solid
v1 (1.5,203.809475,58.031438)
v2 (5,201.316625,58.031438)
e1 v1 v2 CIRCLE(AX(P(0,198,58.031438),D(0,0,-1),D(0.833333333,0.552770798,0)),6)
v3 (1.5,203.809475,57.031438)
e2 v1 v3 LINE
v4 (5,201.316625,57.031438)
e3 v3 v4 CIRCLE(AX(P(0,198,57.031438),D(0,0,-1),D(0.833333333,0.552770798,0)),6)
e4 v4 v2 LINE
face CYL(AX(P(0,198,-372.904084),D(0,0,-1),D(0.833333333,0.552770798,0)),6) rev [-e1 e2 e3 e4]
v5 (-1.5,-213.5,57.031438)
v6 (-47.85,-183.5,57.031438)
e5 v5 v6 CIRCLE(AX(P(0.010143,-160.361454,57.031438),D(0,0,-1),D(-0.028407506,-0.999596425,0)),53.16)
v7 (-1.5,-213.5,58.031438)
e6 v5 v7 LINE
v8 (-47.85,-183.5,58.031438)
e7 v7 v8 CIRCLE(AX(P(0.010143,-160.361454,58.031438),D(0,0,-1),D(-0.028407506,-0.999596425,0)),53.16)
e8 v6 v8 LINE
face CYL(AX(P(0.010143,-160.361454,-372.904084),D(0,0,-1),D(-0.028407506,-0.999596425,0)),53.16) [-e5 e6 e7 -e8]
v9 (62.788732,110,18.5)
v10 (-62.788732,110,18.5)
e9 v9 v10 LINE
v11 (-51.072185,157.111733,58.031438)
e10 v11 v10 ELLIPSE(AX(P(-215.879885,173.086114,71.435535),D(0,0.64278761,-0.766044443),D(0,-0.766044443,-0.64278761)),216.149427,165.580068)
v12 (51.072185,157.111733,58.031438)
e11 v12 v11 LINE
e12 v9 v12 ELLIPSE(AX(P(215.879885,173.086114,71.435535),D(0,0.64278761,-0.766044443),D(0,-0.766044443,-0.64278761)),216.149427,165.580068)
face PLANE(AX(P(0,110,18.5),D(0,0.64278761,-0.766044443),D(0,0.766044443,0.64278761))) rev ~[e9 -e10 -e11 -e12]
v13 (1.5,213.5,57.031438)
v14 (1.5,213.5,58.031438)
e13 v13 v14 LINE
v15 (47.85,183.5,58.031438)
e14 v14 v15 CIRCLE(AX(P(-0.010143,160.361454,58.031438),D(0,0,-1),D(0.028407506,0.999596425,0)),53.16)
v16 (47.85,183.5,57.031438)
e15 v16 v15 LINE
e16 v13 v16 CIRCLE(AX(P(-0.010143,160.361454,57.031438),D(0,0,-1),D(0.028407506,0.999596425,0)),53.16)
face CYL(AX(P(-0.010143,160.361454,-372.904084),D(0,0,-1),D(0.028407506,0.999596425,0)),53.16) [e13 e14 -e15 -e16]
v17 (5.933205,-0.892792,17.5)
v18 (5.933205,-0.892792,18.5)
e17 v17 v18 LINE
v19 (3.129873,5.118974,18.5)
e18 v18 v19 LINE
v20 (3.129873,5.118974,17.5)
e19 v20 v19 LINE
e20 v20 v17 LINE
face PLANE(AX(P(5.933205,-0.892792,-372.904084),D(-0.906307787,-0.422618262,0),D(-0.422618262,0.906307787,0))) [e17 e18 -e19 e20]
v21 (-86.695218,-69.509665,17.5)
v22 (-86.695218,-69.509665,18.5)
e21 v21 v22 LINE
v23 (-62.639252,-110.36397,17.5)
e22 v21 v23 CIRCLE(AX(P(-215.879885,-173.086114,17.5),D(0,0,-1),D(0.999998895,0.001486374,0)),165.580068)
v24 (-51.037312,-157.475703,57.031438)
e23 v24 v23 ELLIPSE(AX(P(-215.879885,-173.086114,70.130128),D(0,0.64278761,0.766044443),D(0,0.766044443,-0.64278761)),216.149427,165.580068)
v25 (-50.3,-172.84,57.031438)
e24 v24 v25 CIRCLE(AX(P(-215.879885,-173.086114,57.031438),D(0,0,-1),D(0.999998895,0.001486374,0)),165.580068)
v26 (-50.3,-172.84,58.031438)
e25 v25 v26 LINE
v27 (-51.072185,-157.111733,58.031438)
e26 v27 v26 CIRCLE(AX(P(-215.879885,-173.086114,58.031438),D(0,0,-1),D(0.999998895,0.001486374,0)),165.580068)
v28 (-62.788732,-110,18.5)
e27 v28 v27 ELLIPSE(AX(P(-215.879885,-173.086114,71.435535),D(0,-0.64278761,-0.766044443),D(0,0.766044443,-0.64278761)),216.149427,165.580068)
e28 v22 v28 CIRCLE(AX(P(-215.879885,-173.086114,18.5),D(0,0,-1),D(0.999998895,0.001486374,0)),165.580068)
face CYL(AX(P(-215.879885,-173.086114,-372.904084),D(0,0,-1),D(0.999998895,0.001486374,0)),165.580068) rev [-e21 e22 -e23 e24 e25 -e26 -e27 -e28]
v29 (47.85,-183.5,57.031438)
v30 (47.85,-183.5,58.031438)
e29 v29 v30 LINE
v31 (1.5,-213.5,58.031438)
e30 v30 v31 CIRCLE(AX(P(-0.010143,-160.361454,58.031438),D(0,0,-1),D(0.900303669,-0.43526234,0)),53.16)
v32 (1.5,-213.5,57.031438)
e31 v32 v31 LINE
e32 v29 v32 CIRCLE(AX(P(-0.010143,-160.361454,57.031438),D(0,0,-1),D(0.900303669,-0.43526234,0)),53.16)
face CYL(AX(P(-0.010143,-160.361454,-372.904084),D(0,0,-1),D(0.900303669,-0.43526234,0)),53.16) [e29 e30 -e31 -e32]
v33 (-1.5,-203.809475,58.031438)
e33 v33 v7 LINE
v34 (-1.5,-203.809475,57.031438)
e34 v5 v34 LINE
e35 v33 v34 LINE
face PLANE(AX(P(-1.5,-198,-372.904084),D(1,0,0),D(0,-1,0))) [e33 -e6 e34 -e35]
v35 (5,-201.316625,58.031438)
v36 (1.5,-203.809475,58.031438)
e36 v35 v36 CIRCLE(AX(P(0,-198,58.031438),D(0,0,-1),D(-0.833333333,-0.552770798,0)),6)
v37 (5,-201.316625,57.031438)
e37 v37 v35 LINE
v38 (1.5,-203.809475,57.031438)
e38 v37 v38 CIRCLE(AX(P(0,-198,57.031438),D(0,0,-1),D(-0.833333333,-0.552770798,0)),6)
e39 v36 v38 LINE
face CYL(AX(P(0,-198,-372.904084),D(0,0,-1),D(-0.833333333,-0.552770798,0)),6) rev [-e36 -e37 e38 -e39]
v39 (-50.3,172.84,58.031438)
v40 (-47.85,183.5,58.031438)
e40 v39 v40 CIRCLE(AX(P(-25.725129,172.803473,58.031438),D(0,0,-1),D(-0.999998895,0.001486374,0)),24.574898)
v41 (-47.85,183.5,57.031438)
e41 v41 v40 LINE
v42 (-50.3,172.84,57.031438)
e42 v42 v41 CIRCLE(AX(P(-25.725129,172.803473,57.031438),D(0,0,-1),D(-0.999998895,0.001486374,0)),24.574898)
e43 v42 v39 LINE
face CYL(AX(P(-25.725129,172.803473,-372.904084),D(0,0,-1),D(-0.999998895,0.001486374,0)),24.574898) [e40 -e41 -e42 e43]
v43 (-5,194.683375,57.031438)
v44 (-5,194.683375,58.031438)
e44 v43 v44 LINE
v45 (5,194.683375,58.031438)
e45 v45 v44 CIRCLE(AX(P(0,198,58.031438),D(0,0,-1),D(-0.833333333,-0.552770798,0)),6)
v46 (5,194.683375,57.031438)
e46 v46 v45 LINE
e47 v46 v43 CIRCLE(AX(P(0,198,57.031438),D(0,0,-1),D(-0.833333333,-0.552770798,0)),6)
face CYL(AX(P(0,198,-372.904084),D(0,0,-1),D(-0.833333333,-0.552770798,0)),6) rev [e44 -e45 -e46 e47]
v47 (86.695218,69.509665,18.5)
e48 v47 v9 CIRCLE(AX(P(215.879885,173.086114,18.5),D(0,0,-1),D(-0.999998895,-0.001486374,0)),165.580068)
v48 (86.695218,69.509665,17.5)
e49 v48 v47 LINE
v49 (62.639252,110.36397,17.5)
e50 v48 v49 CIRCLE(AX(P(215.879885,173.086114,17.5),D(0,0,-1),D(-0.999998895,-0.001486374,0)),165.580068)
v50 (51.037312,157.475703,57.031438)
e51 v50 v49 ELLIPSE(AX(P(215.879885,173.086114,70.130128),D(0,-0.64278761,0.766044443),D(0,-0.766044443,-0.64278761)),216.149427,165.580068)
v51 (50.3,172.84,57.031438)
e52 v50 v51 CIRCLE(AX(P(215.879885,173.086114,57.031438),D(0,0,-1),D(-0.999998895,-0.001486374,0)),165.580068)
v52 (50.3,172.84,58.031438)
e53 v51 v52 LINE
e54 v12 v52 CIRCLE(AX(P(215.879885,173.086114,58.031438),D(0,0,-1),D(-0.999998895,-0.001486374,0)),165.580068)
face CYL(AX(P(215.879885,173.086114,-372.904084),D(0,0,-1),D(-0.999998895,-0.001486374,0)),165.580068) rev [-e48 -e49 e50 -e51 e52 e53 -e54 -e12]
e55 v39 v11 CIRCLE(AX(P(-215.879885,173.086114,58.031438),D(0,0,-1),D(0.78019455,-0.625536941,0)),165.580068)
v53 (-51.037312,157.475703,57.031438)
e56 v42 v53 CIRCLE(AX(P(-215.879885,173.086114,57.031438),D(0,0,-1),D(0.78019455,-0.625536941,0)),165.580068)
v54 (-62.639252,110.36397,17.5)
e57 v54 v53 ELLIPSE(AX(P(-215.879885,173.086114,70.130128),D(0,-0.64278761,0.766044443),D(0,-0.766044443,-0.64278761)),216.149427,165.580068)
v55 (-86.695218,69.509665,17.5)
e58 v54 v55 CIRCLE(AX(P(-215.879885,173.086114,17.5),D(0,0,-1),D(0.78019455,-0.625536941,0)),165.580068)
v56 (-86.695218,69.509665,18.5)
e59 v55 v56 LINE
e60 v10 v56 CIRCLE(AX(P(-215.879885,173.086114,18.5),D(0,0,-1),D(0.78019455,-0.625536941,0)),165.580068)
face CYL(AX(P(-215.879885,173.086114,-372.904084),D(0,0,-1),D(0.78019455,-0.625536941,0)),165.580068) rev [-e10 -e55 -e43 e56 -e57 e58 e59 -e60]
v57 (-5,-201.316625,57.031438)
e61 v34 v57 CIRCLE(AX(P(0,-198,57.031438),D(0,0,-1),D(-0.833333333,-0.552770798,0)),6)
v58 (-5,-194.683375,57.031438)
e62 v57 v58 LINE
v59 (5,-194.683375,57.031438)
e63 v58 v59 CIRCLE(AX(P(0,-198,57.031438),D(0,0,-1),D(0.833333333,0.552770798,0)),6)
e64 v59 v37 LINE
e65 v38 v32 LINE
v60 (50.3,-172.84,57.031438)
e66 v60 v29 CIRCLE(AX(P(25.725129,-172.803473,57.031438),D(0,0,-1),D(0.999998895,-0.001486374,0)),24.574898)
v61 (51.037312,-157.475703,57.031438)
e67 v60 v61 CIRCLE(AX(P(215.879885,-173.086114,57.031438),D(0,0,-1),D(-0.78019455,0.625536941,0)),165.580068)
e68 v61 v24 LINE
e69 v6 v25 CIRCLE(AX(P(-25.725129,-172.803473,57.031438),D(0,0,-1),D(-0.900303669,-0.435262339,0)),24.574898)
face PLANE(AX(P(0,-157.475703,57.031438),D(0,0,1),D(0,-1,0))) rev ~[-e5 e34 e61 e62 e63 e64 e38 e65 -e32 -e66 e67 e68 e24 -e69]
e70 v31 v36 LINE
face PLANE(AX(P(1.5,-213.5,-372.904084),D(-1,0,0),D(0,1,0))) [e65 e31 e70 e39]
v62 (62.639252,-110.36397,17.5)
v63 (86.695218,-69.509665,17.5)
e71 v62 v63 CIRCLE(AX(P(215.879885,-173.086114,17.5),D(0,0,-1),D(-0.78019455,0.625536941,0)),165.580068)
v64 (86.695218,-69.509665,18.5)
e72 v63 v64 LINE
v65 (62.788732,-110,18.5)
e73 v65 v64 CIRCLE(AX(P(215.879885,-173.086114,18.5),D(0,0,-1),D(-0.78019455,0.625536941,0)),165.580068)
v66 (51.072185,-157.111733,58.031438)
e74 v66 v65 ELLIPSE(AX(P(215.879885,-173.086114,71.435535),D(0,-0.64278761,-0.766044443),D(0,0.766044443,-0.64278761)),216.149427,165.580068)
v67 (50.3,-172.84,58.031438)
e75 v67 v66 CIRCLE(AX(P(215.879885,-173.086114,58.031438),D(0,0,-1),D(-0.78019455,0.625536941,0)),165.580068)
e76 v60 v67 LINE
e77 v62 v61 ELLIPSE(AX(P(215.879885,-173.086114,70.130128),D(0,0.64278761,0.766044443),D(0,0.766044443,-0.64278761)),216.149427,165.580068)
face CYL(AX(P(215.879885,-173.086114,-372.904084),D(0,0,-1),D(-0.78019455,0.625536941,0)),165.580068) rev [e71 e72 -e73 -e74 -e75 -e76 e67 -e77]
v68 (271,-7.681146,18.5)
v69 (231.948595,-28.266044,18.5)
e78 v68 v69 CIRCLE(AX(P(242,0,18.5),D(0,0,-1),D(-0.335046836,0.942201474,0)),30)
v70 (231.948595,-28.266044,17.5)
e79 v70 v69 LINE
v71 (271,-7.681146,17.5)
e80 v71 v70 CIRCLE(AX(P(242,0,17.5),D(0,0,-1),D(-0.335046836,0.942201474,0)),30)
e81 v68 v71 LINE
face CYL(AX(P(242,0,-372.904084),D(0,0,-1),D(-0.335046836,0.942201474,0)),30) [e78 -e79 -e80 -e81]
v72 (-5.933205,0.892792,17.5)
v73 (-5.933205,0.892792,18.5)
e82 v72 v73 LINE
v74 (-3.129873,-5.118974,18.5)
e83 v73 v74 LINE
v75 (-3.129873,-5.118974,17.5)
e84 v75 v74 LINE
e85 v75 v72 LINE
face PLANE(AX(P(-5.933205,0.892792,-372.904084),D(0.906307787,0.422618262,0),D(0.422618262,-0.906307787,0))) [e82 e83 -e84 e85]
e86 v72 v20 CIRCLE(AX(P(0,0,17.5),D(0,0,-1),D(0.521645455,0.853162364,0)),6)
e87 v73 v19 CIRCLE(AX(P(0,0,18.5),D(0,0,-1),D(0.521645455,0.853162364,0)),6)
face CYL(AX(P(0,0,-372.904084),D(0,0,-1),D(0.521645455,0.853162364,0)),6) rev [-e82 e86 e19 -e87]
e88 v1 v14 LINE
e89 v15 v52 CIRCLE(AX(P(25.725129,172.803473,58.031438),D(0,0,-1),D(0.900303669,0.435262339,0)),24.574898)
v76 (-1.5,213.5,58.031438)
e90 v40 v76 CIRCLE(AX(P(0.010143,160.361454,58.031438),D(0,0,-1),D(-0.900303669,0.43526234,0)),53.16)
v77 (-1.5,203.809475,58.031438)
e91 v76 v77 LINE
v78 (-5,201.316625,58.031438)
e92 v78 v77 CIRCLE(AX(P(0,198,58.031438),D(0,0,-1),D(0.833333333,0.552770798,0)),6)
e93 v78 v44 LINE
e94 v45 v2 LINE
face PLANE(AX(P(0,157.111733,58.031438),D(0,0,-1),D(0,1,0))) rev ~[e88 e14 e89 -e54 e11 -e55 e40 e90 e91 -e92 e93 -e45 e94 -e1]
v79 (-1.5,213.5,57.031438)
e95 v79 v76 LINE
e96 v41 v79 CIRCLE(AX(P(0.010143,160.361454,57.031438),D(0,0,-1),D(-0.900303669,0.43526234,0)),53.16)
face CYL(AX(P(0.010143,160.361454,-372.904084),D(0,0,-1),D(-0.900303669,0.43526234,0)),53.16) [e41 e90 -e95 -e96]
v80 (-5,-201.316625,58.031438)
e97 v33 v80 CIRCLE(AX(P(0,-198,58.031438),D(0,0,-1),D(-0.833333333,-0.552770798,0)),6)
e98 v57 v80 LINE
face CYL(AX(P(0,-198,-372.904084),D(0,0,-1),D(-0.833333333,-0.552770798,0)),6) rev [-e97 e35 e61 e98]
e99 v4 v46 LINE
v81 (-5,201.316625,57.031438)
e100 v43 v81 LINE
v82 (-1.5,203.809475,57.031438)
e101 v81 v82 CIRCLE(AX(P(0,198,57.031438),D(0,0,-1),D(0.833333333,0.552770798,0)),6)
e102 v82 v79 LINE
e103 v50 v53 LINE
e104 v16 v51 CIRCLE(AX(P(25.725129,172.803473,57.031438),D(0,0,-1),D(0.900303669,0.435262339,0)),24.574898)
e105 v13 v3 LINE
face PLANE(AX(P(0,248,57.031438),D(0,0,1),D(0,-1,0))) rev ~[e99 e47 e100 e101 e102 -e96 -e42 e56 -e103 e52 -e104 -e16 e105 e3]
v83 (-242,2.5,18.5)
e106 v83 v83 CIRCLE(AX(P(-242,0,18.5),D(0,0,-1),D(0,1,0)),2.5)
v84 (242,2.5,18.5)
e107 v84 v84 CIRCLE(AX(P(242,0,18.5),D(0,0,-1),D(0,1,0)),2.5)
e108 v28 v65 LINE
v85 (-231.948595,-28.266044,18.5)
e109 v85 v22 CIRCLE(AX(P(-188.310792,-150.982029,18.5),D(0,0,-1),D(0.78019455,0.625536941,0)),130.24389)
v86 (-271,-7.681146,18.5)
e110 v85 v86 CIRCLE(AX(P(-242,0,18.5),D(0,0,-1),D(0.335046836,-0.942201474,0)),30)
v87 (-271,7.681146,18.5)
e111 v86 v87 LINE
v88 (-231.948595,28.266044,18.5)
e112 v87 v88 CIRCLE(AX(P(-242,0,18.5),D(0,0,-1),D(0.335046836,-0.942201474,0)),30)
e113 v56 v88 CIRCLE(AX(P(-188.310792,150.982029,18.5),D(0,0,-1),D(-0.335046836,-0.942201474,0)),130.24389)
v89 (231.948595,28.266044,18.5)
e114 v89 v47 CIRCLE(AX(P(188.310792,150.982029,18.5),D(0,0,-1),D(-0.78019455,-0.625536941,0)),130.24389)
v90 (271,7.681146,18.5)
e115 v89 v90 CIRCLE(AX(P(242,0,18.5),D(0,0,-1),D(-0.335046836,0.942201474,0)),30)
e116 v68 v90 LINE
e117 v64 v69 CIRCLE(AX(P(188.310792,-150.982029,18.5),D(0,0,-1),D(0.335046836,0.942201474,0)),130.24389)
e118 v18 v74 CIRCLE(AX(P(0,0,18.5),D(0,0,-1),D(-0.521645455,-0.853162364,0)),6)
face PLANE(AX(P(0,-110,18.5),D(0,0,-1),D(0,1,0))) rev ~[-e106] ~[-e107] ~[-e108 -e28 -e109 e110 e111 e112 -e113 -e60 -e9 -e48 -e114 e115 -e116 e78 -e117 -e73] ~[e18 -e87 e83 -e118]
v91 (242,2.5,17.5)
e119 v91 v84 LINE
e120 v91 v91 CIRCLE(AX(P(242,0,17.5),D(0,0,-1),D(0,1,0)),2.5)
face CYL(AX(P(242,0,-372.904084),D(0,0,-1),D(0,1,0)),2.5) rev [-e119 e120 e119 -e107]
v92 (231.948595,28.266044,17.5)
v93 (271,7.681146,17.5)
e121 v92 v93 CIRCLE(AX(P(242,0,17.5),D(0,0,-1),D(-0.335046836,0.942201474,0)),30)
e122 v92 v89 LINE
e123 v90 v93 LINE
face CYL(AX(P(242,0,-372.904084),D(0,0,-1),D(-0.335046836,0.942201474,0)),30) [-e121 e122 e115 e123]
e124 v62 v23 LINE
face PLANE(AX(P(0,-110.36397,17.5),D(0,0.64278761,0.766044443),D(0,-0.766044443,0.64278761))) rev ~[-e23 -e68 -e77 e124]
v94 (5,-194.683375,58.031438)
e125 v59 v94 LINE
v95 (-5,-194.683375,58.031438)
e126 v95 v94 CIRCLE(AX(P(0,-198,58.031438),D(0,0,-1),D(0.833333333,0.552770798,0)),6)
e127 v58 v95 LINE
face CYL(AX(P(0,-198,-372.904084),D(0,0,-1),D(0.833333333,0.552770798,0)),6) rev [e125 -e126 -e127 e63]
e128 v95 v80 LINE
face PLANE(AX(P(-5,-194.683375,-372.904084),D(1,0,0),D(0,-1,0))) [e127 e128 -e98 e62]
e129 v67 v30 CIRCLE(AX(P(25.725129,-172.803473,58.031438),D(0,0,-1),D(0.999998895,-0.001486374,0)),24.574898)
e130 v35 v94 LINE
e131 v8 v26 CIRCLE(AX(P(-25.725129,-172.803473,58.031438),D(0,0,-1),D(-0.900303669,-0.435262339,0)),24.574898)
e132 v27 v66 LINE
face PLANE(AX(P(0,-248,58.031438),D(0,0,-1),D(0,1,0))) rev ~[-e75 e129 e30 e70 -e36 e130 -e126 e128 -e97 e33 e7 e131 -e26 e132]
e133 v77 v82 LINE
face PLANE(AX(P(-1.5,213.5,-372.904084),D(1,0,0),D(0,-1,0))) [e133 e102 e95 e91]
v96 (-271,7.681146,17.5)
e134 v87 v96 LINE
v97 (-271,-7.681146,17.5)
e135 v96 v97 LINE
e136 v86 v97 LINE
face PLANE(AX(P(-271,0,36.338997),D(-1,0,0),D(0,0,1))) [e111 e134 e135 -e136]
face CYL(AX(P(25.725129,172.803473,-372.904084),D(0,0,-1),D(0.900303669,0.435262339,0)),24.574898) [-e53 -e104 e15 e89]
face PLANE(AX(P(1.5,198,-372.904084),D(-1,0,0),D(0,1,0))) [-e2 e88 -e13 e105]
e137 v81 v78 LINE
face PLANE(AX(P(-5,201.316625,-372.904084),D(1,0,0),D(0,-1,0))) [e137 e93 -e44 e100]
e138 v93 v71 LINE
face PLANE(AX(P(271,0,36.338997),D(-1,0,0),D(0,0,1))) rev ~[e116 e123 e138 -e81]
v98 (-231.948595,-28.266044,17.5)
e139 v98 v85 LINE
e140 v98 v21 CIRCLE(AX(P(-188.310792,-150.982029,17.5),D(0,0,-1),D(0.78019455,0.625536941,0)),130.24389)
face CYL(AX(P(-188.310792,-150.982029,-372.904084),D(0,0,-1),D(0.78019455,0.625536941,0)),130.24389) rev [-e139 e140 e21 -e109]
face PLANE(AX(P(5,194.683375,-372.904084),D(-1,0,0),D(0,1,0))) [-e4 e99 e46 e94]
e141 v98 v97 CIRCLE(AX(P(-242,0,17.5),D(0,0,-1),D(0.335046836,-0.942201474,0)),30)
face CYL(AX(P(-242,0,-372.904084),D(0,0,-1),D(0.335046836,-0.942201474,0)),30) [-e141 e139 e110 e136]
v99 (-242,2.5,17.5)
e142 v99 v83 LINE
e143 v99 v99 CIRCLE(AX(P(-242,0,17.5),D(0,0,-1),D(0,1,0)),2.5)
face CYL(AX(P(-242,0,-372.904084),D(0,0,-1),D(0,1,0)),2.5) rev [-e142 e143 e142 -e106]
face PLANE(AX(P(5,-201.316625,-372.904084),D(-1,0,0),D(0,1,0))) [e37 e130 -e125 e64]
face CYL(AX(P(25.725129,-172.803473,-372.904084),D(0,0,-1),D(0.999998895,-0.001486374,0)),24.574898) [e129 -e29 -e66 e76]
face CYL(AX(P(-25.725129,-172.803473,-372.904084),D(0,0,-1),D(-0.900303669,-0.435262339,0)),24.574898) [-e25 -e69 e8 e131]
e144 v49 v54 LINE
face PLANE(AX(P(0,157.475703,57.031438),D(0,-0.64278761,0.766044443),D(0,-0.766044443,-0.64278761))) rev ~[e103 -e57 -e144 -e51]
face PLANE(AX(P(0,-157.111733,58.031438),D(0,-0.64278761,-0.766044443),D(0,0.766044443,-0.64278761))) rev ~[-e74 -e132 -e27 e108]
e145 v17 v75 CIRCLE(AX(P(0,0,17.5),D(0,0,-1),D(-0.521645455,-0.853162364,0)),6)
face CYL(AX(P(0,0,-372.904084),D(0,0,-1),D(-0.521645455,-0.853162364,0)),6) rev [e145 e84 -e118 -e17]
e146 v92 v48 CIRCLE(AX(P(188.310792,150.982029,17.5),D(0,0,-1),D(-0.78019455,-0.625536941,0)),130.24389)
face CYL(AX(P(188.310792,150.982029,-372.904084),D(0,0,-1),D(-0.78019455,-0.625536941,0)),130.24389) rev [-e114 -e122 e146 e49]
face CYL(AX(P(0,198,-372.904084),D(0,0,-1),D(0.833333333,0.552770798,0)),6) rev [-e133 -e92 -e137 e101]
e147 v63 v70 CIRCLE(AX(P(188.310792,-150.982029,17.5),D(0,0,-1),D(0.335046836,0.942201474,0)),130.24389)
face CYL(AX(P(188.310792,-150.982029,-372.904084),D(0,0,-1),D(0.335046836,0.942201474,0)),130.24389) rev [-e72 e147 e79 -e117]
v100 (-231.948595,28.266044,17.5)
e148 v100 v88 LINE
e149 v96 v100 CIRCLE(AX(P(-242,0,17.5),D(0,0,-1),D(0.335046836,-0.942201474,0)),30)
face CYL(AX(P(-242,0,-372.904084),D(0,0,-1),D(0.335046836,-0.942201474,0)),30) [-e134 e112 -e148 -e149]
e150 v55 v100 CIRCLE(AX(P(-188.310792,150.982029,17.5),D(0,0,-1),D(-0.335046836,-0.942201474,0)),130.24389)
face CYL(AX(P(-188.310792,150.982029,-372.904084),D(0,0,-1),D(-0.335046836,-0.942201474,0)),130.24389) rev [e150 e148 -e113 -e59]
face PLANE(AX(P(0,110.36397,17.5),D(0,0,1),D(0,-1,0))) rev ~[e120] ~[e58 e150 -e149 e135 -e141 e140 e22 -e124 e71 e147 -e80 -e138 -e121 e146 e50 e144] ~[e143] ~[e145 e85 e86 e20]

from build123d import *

# Parameters (mm, degrees)
SALIENTE_EXTRUIR1_DEPTH     = 271
CORTAR_EXTRUIR9_DEPTH       = 372.904084134
CORTAR_EXTRUIR9_DEPTH_BACK  = 372.904084134
CROQUIS4_R                  = 2.5
CORTAR_EXTRUIR10_DEPTH      = 372.904084134
CORTAR_EXTRUIR10_DEPTH_BACK = 372.904084134
CROQUIS2_W                  = 600.899293422
CROQUIS2_H                  = 554.061756016


with BuildPart() as part:
    # Croquis1 → Saliente-Extruir1 (new, symmetric)
    with BuildSketch(Plane(origin=(0, 0, 0), x_dir=(0, 0, -1), z_dir=(1, 0, 0))):
        Polygon((-18.5, -110), (-18.5, 110), (-58.031437996, 157.111733252), (-58.031437996, 248), (-57.031437996, 248), (-57.031437996, 157.475703486), (-17.5, 110.363970234), (-17.5, -110.363970234), (-57.031437996, -157.475703486), (-57.031437996, -248), (-58.031437996, -248), (-58.031437996, -157.111733252), align=None)
    extrude(amount=SALIENTE_EXTRUIR1_DEPTH, both=True)

    # Croquis4 → Cortar-Extruir9 (cut, two sides: drawn at the far end of the back side and taken through both)
    with BuildSketch(Plane.XY.offset(-CORTAR_EXTRUIR9_DEPTH_BACK)):
        with Locations(Location((-242, 0, 0), (0, 0, 90))):
            Circle(CROQUIS4_R)
        with Locations(Location((242, 0, 0), (0, 0, 90))):
            Circle(CROQUIS4_R)
        with BuildLine():
            Line((-5, 201.31662479), (-5, 194.68337521))
            ThreePointArc((-5, 194.68337521), (0, 192), (5, 194.68337521))
            Line((5, 194.68337521), (5, 201.31662479))
            ThreePointArc((5, 201.31662479), (0, 204), (-5, 201.31662479))
        make_face()
        with BuildLine():
            Line((5, -201.31662479), (5, -194.68337521))
            ThreePointArc((5, -194.68337521), (0, -192), (-5, -194.68337521))
            Line((-5, -194.68337521), (-5, -201.31662479))
            ThreePointArc((-5, -201.31662479), (0, -204), (5, -201.31662479))
        make_face()
        with BuildLine():
            Line((-5.933205139, 0.892791565), (-3.129872731, -5.118974183))
            ThreePointArc((-3.129872731, -5.118974183), (2.53570957, -5.437846722), (5.933205139, -0.892791565))
            Line((5.933205139, -0.892791565), (3.129872731, 5.118974183))
            ThreePointArc((3.129872731, 5.118974183), (-2.53570957, 5.437846722), (-5.933205139, 0.892791565))
        make_face()
    extrude(amount=CORTAR_EXTRUIR9_DEPTH + CORTAR_EXTRUIR9_DEPTH_BACK, mode=Mode.SUBTRACT)

    # Croquis2 → Cortar-Extruir10 (cut, two sides: drawn at the far end of the back side and taken through both)
    with BuildSketch(Plane.XY.offset(-CORTAR_EXTRUIR10_DEPTH_BACK)):
        Rectangle(CROQUIS2_W, CROQUIS2_H)
        with BuildLine():
            Line((1.5, 198), (1.5, 213.5))
            ThreePointArc((1.5, 213.5), (28.875083063, 204.989128333), (47.85, 183.5))
            ThreePointArc((47.85, 183.5), (49.675606578, 178.308038097), (50.3, 172.84))
            ThreePointArc((50.3, 172.84), (59.704263449, 118.077622514), (86.695218386, 69.509664861))
            ThreePointArc((86.695218386, 69.509664861), (152.735315328, 25.690942775), (231.948594909, 28.266044217))
            ThreePointArc((231.948594909, 28.266044217), (272, 0), (231.948594909, -28.266044217))
            ThreePointArc((231.948594909, -28.266044217), (152.735315328, -25.690942775), (86.695218386, -69.509664861))
            ThreePointArc((86.695218386, -69.509664861), (59.704263449, -118.077622514), (50.3, -172.84))
            ThreePointArc((50.3, -172.84), (49.675606578, -178.308038097), (47.85, -183.5))
            ThreePointArc((47.85, -183.5), (28.875083063, -204.989128333), (1.5, -213.5))
            Line((1.5, -213.5), (1.5, -198))
            Line((1.5, -198), (-1.5, -198))
            Line((-1.5, -198), (-1.5, -213.5))
            ThreePointArc((-1.5, -213.5), (-28.875083063, -204.989128333), (-47.85, -183.5))
            ThreePointArc((-47.85, -183.5), (-49.675606578, -178.308038097), (-50.3, -172.84))
            ThreePointArc((-50.3, -172.84), (-59.704263449, -118.077622514), (-86.695218386, -69.509664861))
            ThreePointArc((-86.695218386, -69.509664861), (-152.735315328, -25.690942775), (-231.948594909, -28.266044217))
            ThreePointArc((-231.948594909, -28.266044217), (-272, 0), (-231.948594909, 28.266044217))
            ThreePointArc((-231.948594909, 28.266044217), (-152.735315328, 25.690942775), (-86.695218386, 69.509664861))
            ThreePointArc((-86.695218386, 69.509664861), (-59.704263449, 118.077622514), (-50.3, 172.84))
            ThreePointArc((-50.3, 172.84), (-49.675606578, 178.308038097), (-47.85, 183.5))
            ThreePointArc((-47.85, 183.5), (-28.875083063, 204.989128333), (-1.5, 213.5))
            Line((-1.5, 213.5), (-1.5, 198))
            Line((-1.5, 198), (1.5, 198))
        make_face(mode=Mode.SUBTRACT)
    extrude(amount=CORTAR_EXTRUIR10_DEPTH + CORTAR_EXTRUIR10_DEPTH_BACK, mode=Mode.SUBTRACT)


solid = part.part
